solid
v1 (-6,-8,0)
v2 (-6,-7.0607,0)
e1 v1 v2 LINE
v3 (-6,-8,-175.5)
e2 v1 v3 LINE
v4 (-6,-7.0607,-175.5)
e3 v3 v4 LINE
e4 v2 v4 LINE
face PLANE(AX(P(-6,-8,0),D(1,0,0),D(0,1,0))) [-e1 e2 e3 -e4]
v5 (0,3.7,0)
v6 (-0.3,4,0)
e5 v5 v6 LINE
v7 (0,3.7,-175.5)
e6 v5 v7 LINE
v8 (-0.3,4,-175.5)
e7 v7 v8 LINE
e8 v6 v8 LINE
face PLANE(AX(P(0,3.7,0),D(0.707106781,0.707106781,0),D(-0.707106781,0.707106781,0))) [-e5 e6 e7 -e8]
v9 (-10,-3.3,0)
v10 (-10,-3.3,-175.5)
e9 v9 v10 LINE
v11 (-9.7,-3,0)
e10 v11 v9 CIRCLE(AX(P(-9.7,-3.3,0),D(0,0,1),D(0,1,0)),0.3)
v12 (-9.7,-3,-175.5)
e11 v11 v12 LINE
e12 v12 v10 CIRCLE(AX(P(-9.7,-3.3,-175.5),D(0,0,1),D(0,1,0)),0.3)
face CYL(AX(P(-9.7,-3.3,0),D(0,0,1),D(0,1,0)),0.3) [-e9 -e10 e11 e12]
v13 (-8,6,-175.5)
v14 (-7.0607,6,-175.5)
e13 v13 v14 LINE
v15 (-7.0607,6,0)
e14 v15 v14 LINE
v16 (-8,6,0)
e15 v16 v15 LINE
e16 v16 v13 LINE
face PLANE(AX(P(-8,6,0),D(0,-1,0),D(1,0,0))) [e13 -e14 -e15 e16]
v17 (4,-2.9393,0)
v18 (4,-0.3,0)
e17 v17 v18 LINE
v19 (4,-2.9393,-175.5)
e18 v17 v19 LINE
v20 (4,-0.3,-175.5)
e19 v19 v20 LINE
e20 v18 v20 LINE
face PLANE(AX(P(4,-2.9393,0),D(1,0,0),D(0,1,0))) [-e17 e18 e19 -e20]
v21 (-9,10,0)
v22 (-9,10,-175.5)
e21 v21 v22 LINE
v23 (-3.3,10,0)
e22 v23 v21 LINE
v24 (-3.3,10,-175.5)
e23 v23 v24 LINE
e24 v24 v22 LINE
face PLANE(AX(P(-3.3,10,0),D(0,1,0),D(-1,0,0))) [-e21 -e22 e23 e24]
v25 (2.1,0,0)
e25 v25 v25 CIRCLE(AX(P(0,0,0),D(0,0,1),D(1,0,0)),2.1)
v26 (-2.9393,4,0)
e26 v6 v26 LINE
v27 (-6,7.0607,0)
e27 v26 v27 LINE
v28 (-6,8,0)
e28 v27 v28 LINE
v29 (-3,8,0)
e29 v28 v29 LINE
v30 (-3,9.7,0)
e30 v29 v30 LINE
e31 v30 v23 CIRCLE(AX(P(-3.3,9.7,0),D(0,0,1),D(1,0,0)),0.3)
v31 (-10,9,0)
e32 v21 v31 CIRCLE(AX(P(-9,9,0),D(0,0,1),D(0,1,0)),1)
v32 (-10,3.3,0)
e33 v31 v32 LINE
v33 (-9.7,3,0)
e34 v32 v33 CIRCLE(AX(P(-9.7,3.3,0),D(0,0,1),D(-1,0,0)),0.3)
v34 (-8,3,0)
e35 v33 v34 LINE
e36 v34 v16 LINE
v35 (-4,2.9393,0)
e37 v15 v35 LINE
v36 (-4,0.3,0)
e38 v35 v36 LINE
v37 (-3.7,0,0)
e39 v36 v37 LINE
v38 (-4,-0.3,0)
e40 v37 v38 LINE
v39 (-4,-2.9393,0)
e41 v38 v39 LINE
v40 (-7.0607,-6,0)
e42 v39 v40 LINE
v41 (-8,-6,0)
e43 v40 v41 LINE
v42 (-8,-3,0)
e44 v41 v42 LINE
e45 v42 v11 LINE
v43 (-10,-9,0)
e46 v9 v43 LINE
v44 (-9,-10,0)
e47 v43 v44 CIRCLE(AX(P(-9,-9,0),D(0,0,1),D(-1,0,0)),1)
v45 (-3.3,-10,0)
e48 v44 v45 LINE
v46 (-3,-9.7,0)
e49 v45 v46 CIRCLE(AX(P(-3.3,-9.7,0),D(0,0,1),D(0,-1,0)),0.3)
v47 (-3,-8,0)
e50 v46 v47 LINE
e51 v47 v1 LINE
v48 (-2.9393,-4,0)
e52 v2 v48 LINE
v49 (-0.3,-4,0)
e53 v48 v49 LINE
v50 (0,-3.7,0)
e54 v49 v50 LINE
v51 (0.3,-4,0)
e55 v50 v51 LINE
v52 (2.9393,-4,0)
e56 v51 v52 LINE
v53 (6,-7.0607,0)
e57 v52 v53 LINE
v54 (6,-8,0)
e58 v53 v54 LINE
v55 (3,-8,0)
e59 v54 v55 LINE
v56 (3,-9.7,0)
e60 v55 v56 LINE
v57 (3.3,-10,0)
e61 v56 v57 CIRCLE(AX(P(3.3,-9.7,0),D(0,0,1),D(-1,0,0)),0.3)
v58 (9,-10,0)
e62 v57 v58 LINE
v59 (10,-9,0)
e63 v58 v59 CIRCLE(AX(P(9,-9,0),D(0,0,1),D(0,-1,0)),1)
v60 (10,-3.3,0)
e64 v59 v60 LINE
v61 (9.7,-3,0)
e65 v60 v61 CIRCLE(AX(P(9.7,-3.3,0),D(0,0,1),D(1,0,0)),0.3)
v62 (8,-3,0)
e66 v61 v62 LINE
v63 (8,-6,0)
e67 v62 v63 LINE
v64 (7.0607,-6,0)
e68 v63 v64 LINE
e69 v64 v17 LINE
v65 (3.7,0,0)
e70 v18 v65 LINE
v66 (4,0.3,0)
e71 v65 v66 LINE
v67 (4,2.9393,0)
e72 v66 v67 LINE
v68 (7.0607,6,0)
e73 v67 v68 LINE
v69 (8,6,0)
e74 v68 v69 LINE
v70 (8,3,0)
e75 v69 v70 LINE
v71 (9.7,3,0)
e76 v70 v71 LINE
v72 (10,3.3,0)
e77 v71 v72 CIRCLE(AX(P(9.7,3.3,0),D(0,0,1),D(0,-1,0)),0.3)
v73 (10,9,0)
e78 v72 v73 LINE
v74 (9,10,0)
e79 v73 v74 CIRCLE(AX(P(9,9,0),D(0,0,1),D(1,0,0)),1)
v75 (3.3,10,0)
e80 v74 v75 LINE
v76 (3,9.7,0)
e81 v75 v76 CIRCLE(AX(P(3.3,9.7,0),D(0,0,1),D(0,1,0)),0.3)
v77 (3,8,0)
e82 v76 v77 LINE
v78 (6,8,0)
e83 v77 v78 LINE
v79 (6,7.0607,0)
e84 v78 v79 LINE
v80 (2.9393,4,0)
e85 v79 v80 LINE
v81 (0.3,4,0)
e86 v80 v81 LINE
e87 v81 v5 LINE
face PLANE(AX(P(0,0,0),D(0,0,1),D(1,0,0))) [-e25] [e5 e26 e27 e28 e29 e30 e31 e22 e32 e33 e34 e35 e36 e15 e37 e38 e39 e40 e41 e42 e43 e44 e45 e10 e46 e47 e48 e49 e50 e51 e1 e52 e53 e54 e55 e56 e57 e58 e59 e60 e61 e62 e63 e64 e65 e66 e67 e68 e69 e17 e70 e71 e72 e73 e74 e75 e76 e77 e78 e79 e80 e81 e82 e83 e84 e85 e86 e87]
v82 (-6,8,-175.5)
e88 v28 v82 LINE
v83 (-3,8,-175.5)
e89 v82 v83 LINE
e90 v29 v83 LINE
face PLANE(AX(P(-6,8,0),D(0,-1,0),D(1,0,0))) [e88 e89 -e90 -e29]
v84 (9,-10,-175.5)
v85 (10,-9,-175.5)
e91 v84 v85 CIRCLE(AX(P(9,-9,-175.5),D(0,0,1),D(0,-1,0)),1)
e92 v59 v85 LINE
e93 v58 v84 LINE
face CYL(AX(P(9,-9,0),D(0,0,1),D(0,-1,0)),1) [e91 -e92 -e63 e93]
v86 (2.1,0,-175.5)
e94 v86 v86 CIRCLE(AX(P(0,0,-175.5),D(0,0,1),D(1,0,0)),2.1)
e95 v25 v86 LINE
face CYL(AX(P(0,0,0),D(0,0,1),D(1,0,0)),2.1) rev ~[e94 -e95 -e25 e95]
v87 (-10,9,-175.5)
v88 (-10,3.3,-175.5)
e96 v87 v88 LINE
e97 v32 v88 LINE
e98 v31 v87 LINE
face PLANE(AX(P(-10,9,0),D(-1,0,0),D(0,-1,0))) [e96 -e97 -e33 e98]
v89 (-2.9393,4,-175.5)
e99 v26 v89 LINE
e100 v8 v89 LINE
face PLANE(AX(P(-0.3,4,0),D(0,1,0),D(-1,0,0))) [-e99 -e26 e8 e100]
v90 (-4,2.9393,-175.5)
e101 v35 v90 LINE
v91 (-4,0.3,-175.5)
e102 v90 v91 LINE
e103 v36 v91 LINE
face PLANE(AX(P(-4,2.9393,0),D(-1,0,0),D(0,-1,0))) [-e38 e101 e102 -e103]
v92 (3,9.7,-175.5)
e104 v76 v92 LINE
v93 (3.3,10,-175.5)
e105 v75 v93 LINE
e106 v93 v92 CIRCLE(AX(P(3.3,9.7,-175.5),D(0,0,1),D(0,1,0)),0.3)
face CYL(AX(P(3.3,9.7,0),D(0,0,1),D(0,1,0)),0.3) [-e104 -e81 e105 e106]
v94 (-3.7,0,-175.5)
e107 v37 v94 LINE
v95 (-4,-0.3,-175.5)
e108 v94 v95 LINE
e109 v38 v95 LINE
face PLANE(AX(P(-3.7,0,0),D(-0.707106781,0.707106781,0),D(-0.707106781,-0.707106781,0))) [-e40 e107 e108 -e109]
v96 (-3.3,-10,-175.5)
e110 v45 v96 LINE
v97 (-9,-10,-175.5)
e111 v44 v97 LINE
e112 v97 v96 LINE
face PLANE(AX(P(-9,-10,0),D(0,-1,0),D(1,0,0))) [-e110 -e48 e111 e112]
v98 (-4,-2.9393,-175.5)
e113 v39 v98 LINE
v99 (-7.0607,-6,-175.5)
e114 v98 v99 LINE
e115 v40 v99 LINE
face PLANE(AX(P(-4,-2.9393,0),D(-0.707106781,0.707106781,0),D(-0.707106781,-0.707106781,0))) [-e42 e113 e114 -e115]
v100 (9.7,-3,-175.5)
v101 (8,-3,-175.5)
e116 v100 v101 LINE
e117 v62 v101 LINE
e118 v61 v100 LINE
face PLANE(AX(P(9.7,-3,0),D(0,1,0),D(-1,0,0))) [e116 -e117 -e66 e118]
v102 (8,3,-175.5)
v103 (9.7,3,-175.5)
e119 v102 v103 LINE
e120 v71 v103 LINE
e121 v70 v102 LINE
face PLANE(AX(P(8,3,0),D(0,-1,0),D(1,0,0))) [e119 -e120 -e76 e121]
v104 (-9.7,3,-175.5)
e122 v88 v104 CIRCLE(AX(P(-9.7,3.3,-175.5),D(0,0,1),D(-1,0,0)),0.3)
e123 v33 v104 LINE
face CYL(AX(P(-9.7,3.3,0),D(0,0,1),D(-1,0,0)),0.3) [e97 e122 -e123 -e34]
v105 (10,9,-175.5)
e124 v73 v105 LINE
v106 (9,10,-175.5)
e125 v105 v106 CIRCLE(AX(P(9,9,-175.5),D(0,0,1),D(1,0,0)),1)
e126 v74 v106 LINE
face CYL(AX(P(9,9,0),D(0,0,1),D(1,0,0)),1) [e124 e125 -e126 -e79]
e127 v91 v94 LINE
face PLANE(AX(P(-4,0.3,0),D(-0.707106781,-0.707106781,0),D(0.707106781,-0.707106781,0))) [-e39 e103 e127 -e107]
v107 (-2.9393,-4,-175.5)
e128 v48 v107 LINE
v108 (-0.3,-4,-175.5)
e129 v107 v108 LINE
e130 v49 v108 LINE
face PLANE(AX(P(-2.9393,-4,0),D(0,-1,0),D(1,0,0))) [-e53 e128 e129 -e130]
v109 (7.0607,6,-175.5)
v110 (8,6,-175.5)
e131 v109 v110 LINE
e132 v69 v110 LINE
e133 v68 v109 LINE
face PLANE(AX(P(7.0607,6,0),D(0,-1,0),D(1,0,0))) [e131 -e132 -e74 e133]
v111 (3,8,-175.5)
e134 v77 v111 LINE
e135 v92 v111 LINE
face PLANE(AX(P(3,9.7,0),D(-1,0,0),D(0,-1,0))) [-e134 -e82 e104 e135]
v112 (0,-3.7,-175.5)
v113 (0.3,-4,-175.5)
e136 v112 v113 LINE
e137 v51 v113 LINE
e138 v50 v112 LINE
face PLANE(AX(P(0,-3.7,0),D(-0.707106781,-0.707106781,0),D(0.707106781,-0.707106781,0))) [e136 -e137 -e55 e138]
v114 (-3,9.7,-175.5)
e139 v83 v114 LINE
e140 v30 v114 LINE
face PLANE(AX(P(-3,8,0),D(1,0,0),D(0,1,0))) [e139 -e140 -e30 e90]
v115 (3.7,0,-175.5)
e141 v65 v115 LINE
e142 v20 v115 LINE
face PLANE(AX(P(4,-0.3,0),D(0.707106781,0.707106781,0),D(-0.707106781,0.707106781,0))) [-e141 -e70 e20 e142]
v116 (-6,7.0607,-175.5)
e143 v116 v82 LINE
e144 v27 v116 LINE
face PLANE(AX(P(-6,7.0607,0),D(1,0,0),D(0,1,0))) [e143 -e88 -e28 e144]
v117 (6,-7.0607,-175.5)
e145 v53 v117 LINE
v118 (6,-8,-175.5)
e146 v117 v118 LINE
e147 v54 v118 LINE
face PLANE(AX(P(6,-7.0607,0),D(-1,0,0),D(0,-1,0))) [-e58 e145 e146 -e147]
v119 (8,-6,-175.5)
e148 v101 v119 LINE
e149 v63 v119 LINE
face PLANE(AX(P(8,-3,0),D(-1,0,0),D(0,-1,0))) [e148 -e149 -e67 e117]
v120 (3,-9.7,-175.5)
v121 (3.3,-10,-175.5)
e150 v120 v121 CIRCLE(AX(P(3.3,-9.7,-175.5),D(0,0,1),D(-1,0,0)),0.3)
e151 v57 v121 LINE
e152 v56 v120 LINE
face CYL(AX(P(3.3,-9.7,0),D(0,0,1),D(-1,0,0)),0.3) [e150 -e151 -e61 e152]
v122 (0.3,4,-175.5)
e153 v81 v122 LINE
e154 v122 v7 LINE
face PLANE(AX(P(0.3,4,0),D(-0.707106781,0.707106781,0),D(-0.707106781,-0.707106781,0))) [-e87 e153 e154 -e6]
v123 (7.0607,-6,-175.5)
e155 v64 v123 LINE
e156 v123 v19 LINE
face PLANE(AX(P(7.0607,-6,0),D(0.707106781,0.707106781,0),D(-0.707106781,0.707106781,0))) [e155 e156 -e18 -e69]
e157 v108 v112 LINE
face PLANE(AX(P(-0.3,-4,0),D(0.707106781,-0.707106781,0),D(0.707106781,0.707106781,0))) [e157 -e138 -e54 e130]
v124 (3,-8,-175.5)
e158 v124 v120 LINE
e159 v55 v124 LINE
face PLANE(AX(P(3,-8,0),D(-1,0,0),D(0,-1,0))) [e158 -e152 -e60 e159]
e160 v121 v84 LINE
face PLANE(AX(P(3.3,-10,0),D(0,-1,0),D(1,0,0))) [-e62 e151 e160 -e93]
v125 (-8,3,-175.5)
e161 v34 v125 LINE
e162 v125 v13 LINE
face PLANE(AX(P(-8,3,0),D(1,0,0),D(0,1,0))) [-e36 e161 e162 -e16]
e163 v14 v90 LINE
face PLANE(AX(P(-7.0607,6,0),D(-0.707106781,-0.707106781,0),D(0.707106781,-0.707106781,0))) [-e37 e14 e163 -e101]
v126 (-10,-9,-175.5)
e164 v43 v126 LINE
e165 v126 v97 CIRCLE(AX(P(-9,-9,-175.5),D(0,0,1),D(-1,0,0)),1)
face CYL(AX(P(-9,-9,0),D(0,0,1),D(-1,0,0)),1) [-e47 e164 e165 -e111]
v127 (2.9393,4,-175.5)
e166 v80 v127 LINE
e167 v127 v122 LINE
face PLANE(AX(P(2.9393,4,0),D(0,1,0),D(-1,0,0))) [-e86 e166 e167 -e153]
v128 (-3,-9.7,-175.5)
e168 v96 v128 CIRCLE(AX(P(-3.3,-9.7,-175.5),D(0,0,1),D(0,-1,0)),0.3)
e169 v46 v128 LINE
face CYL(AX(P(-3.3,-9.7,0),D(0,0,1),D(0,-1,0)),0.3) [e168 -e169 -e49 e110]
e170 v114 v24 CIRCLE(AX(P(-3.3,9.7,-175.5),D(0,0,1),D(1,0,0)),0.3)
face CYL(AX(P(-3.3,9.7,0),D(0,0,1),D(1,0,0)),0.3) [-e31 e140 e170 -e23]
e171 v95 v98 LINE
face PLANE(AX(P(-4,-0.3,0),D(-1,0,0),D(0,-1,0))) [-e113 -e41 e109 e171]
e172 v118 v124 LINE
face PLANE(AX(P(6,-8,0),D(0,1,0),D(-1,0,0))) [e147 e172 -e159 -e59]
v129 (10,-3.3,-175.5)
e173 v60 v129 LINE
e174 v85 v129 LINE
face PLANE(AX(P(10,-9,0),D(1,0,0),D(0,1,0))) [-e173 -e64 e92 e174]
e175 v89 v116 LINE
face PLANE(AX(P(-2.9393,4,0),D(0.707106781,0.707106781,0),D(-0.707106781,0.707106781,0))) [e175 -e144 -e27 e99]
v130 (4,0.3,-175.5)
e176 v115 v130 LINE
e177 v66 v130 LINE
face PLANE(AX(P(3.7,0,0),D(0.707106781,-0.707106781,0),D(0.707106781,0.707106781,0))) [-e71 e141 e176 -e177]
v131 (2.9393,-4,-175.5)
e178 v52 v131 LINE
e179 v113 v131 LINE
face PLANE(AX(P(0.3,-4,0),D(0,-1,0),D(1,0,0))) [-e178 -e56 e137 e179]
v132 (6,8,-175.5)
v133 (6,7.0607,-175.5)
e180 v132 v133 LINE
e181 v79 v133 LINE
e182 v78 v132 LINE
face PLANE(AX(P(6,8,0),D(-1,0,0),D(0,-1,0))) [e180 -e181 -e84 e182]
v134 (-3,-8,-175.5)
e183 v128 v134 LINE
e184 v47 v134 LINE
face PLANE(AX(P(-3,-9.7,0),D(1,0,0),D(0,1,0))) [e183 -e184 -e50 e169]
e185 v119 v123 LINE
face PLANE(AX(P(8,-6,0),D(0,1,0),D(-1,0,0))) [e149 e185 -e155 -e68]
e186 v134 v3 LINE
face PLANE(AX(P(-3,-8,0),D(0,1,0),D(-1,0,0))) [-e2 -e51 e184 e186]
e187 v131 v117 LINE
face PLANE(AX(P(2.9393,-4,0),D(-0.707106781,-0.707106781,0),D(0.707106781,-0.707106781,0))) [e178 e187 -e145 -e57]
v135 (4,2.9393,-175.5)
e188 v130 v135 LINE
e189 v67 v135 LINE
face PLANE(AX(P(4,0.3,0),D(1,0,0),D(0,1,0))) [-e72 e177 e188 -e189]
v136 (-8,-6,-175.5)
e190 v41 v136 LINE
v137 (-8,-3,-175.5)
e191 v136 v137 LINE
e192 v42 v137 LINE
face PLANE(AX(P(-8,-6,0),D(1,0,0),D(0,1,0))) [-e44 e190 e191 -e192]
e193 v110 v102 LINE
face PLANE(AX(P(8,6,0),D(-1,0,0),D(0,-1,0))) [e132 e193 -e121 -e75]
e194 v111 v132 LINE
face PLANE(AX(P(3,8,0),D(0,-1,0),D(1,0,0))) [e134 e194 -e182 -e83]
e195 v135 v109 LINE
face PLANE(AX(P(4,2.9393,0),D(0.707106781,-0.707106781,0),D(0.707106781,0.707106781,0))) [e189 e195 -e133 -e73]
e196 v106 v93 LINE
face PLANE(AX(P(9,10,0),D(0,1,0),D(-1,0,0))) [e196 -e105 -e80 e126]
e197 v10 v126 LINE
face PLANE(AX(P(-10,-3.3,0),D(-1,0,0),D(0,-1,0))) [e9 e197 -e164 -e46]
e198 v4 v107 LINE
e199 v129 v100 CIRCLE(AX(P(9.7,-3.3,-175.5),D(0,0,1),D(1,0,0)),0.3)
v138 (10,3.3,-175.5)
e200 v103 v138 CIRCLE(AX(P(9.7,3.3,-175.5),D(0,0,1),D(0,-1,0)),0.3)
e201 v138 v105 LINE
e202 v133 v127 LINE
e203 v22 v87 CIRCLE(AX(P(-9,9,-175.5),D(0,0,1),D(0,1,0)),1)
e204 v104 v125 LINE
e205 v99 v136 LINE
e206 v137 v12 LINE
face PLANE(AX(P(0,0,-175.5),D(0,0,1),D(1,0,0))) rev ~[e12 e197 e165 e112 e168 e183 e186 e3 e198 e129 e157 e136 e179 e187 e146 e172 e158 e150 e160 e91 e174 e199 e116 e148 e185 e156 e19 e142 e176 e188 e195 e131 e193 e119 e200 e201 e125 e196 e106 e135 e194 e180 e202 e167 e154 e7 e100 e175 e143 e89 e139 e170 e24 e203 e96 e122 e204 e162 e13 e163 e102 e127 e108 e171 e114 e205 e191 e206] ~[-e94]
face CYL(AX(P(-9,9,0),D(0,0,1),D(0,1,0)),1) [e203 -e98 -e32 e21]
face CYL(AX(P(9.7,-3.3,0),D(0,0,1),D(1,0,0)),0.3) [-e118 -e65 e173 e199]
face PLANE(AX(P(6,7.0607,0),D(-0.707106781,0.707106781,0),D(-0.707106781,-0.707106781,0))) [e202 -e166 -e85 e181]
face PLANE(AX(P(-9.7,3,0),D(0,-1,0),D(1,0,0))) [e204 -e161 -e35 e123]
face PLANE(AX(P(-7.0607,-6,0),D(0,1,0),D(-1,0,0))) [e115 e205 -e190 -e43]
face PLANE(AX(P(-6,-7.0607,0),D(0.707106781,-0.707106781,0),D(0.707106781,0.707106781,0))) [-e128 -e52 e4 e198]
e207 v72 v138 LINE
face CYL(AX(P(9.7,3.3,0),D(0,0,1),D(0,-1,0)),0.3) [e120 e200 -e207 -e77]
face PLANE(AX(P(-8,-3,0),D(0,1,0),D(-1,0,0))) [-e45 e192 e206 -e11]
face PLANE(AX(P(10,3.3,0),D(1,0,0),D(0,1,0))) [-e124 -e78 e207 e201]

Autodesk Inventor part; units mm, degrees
ref_plane "YZ Plane" through (0, 0, 0) normal (1, 0, 0) x (0, 1, 0)
ref_plane "XZ Plane" through (0, 0, 0) normal (0, 1, 0) x (-1, 0, 0)
ref_plane "XY Plane" through (0, 0, 0) normal (0, 0, 1) x (1, 0, 0)
sketch "Sketch_5" plane through (0, 0, 0) normal (0, 0, 1) x (1, 0, 0)
  line L0 (-10, 9) -> (-10, 3.3)
  arc A0 (-10, 3.3) -> (-9.7, 3) centre (-9.7, 3.3) ccw
  line L1 (-9.7, 3) -> (-8, 3)
  line L2 (-8, 3) -> (-8, 6)
  line L3 (-8, 6) -> (-7.0607, 6)
  line L4 (-7.0607, 6) -> (-4, 2.9393)
  line L5 (-4, 2.9393) -> (-4, 0.3)
  line L6 (-4, 0.3) -> (-3.7, 0)
  line L7 (-3.7, 0) -> (-4, -0.3)
  line L8 (-4, -0.3) -> (-4, -2.9393)
  line L9 (-4, -2.9393) -> (-7.0607, -6)
  line L10 (-7.0607, -6) -> (-8, -6)
  line L11 (-8, -6) -> (-8, -3)
  line L12 (-8, -3) -> (-9.7, -3)
  arc A1 (-9.7, -3) -> (-10, -3.3) centre (-9.7, -3.3) ccw
  line L13 (-10, -3.3) -> (-10, -9)
  arc A2 (-10, -9) -> (-9, -10) centre (-9, -9) ccw
  line L14 (-9, -10) -> (-3.3, -10)
  arc A3 (-3.3, -10) -> (-3, -9.7) centre (-3.3, -9.7) ccw
  line L15 (-3, -9.7) -> (-3, -8)
  line L16 (-3, -8) -> (-6, -8)
  line L17 (-6, -8) -> (-6, -7.0607)
  line L18 (-6, -7.0607) -> (-2.9393, -4)
  line L19 (-2.9393, -4) -> (-0.3, -4)
  line L20 (-0.3, -4) -> (0, -3.7)
  line L21 (0, -3.7) -> (0.3, -4)
  line L22 (0.3, -4) -> (2.9393, -4)
  line L23 (2.9393, -4) -> (6, -7.0607)
  line L24 (6, -7.0607) -> (6, -8)
  line L25 (6, -8) -> (3, -8)
  line L26 (3, -8) -> (3, -9.7)
  arc A4 (3, -9.7) -> (3.3, -10) centre (3.3, -9.7) ccw
  line L27 (3.3, -10) -> (9, -10)
  arc A5 (9, -10) -> (10, -9) centre (9, -9) ccw
  line L28 (10, -9) -> (10, -3.3)
  arc A6 (10, -3.3) -> (9.7, -3) centre (9.7, -3.3) ccw
  line L29 (9.7, -3) -> (8, -3)
  line L30 (8, -3) -> (8, -6)
  line L31 (8, -6) -> (7.0607, -6)
  line L32 (7.0607, -6) -> (4, -2.9393)
  line L33 (4, -2.9393) -> (4, -0.3)
  line L34 (4, -0.3) -> (3.7, 0)
  line L35 (3.7, 0) -> (4, 0.3)
  line L36 (4, 0.3) -> (4, 2.9393)
  line L37 (4, 2.9393) -> (7.0607, 6)
  line L38 (7.0607, 6) -> (8, 6)
  line L39 (8, 6) -> (8, 3)
  line L40 (8, 3) -> (9.7, 3)
  arc A7 (9.7, 3) -> (10, 3.3) centre (9.7, 3.3) ccw
  line L41 (10, 3.3) -> (10, 9)
  arc A8 (10, 9) -> (9, 10) centre (9, 9) ccw
  line L42 (9, 10) -> (3.3, 10)
  arc A9 (3.3, 10) -> (3, 9.7) centre (3.3, 9.7) ccw
  line L43 (3, 9.7) -> (3, 8)
  line L44 (3, 8) -> (6, 8)
  line L45 (6, 8) -> (6, 7.0607)
  line L46 (6, 7.0607) -> (2.9393, 4)
  line L47 (2.9393, 4) -> (0.3, 4)
  line L48 (0.3, 4) -> (0, 3.7)
  line L49 (0, 3.7) -> (-0.3, 4)
  line L50 (-0.3, 4) -> (-2.9393, 4)
  line L51 (-2.9393, 4) -> (-6, 7.0607)
  line L52 (-6, 7.0607) -> (-6, 8)
  line L53 (-6, 8) -> (-3, 8)
  line L54 (-3, 8) -> (-3, 9.7)
  arc A10 (-3, 9.7) -> (-3.3, 10) centre (-3.3, 9.7) ccw
  line L55 (-3.3, 10) -> (-9, 10)
  arc A11 (-9, 10) -> (-10, 9) centre (-9, 9) ccw
  circle A12 centre (0, 0) radius 2.1
extrude "Extrusion1" add sketch "Sketch_5" against normal blind 175.5
properties part number "KHFS5-2020-4000"
